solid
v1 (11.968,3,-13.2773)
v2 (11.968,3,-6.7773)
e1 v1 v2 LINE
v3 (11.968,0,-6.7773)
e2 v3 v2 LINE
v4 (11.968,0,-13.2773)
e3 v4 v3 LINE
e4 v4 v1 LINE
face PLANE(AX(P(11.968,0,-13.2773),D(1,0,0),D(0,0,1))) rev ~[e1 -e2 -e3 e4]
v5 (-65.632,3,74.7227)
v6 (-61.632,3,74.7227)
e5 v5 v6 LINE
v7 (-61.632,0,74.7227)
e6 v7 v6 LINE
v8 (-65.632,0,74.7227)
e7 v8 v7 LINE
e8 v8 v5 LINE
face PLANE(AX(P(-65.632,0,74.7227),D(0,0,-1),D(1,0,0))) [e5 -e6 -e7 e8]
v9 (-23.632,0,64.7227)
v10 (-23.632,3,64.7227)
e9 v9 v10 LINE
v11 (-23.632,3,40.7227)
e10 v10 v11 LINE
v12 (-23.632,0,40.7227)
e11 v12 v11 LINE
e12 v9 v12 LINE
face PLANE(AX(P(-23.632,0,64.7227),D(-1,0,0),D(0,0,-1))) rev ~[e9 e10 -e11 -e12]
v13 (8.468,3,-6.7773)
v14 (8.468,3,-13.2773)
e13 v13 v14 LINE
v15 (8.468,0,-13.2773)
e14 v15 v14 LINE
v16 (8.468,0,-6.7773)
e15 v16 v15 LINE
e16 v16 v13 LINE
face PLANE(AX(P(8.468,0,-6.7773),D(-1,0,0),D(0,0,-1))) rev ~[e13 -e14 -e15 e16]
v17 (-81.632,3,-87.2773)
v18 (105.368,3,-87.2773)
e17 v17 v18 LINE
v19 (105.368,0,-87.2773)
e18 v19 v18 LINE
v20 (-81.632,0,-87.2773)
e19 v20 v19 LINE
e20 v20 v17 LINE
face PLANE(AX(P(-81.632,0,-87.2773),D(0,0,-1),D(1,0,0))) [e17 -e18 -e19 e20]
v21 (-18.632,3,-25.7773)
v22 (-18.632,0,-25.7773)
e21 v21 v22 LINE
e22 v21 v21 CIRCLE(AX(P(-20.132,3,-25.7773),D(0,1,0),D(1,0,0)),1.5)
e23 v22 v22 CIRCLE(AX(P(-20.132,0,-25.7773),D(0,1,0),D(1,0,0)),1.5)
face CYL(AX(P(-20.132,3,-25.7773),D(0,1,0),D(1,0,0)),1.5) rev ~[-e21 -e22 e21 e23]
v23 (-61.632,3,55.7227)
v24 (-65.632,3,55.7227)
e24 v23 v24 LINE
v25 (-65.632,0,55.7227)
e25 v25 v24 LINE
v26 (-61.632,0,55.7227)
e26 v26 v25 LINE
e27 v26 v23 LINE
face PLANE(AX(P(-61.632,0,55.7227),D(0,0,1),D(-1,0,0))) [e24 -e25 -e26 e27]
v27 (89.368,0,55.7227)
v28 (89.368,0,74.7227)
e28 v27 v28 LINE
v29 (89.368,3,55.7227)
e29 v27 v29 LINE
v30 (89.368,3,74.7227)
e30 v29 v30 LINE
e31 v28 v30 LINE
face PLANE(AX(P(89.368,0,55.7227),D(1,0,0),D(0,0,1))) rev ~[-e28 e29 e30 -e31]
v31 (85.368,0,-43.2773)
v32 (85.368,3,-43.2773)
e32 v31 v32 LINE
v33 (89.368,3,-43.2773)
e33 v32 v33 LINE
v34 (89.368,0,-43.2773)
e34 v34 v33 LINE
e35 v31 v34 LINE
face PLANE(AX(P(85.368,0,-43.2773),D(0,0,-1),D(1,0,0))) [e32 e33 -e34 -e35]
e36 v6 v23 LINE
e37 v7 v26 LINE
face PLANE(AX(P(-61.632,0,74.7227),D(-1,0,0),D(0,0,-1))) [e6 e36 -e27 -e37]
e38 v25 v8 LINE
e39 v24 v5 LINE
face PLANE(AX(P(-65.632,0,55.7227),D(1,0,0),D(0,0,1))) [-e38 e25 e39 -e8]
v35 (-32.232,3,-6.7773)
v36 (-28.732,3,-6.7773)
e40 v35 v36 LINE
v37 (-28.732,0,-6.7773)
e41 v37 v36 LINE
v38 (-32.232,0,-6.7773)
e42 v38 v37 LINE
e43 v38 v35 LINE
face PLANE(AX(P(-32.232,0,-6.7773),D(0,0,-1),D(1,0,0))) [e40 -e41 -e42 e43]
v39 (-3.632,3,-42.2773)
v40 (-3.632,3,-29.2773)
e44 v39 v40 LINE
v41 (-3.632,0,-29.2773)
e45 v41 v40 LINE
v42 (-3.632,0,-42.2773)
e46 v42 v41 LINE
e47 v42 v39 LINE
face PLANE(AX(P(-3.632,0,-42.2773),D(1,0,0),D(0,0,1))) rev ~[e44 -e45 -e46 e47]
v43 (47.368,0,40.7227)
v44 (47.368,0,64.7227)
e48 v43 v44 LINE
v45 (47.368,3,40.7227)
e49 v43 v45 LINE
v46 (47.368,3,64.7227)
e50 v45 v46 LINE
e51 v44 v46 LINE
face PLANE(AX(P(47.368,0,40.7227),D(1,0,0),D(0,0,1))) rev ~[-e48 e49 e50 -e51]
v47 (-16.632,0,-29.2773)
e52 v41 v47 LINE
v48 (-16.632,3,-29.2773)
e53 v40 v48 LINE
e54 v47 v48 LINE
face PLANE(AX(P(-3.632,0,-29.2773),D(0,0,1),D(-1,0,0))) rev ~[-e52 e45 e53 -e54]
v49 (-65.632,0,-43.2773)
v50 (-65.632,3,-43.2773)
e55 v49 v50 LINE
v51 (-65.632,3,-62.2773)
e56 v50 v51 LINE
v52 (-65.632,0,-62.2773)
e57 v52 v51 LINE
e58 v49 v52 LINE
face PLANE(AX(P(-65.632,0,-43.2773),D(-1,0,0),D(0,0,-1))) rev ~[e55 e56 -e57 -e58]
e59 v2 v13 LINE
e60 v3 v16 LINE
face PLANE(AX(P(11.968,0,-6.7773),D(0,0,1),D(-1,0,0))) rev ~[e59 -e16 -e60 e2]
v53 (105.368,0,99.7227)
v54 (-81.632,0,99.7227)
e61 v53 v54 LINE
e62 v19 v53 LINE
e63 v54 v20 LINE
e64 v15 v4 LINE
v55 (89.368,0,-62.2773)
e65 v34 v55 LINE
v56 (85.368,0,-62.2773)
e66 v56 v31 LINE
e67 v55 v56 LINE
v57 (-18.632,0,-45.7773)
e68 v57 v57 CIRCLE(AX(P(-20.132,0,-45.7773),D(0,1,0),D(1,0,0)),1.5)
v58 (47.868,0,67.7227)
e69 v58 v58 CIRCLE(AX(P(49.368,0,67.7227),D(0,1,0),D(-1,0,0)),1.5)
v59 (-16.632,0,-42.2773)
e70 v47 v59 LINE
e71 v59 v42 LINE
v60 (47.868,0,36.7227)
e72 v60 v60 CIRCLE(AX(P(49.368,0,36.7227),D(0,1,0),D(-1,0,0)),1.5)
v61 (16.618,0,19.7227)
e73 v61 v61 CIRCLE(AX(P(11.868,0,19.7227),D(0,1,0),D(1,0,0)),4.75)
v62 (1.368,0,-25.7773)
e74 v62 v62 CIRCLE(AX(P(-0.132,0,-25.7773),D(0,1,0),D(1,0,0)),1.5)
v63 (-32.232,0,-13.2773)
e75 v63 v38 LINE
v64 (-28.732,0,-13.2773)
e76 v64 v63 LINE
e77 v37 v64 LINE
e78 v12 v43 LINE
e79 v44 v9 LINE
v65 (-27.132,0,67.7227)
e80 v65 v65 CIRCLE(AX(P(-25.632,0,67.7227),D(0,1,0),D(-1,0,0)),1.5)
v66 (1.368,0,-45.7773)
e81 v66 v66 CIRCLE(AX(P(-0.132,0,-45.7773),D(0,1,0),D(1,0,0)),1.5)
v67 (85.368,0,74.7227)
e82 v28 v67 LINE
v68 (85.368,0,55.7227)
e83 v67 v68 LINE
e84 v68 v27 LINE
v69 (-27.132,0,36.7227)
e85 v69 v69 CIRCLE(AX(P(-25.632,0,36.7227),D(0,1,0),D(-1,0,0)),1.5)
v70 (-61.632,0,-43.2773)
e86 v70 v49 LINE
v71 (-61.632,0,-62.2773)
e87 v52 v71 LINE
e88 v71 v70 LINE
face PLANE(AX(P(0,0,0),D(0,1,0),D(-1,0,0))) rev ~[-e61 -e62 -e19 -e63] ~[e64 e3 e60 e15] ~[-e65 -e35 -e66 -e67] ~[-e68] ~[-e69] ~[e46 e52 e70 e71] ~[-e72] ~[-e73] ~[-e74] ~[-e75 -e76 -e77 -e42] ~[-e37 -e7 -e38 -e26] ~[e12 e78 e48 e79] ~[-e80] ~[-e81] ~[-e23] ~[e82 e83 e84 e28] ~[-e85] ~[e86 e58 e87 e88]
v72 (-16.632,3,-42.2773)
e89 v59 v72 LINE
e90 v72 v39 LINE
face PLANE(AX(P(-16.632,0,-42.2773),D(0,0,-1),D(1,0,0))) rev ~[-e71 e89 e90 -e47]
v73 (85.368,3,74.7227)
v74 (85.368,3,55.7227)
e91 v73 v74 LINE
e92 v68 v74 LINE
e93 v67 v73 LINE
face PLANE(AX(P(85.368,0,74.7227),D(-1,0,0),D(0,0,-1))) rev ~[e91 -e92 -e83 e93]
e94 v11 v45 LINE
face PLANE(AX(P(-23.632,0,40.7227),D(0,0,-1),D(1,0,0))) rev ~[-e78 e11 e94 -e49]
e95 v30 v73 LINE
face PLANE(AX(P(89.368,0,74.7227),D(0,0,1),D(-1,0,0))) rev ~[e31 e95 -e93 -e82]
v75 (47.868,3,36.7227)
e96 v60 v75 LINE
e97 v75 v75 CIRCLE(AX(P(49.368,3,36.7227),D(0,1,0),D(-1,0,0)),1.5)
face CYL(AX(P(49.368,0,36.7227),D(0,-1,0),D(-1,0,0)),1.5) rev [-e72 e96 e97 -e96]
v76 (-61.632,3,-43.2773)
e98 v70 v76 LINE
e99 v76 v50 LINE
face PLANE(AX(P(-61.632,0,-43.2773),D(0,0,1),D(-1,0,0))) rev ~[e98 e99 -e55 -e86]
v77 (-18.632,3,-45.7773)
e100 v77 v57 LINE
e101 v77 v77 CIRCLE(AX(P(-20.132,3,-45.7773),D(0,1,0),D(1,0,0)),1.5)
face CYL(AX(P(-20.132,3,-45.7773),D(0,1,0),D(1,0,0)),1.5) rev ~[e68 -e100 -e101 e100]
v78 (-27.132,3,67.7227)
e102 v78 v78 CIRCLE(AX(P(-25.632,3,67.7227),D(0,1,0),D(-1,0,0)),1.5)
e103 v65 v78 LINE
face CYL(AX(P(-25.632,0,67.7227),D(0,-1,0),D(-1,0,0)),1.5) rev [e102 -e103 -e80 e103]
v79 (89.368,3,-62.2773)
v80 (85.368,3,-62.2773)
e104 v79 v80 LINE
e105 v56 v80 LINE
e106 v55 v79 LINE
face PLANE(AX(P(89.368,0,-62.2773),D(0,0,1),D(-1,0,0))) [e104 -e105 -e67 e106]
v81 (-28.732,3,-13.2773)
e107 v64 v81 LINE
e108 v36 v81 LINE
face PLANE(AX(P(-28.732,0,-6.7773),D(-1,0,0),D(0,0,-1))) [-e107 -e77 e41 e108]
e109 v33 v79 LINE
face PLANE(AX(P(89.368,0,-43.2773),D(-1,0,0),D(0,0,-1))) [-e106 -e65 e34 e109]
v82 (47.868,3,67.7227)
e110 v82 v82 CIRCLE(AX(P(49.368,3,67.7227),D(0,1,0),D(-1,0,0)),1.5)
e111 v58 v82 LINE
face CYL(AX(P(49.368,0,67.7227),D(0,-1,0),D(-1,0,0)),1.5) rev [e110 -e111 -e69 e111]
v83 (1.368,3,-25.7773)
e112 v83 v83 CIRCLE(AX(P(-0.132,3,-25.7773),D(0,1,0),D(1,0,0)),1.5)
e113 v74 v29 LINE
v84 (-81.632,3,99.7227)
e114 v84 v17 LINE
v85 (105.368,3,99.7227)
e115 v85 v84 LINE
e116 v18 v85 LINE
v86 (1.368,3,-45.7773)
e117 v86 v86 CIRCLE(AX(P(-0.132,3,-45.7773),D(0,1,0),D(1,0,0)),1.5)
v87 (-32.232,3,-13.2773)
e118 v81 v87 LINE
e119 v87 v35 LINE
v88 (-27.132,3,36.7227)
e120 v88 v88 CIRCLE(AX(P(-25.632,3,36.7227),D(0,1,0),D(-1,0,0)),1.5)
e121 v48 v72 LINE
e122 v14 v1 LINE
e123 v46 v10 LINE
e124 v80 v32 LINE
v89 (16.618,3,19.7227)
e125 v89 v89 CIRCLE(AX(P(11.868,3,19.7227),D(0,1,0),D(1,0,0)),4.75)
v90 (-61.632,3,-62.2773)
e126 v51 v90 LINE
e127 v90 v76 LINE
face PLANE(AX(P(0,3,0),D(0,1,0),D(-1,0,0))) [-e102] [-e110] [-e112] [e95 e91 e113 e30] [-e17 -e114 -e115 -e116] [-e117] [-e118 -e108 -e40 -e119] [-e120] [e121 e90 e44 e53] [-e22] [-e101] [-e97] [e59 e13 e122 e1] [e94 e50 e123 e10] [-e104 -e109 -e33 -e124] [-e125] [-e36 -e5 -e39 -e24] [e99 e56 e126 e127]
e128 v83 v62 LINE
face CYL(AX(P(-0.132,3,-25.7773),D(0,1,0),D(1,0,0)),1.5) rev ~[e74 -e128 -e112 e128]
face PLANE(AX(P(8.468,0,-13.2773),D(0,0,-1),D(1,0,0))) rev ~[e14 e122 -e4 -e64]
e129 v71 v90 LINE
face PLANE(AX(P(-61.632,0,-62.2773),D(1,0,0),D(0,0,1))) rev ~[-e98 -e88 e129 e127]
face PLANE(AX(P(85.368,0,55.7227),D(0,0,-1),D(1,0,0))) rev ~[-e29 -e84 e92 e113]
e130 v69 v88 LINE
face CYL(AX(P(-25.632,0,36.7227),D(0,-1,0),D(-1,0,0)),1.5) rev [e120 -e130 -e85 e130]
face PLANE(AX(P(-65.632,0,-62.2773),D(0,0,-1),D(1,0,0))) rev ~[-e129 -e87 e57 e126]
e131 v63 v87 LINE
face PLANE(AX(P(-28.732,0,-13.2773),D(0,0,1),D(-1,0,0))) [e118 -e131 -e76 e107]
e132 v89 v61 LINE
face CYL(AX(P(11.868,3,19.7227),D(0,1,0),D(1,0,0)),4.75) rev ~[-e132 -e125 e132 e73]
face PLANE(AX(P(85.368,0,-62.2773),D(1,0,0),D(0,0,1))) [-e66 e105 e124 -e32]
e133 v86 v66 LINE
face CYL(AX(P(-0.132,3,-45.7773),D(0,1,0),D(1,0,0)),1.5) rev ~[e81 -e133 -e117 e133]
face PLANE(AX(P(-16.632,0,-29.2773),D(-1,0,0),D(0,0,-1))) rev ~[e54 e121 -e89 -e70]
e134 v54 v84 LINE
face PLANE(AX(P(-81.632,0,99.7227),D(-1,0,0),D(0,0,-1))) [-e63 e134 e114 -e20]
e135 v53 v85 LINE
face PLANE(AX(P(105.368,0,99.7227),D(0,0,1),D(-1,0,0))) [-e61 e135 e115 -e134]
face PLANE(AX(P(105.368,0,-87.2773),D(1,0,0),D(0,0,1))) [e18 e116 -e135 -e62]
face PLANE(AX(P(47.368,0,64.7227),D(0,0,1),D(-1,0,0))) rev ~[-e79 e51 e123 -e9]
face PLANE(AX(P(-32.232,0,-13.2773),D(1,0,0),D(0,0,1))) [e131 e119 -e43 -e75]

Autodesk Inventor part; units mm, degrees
ref_plane "YZ Plane" through (0, 0, 0) normal (1, 0, 0) x (0, 1, 0)
ref_plane "XZ Plane" through (0, 0, 0) normal (0, 1, 0) x (-1, 0, 0)
ref_plane "XY Plane" through (0, 0, 0) normal (0, 0, 1) x (1, 0, 0)
sketch "Boceto1" plane through (0, 0, 0) normal (0, 1, 0) x (-1, 0, 0)
  line L0 (-105.368, 99.7227) -> (81.632, 99.7227)
  line L1 (81.632, 99.7227) -> (81.632, -87.2773)
  line L2 (81.632, -87.2773) -> (-105.368, -87.2773)
  line L3 (-105.368, -87.2773) -> (-105.368, 99.7227)
  line L4 (-89.368, 74.7227) -> (-85.368, 74.7227)
  line L5 (-85.368, 74.7227) -> (-85.368, 55.7227)
  line L6 (-85.368, 55.7227) -> (-89.368, 55.7227)
  line L7 (-89.368, 55.7227) -> (-89.368, 74.7227)
  line L8 (-89.368, -62.2773) -> (-85.368, -62.2773)
  line L9 (-85.368, -62.2773) -> (-85.368, -43.2773)
  line L10 (-85.368, -43.2773) -> (-89.368, -43.2773)
  line L11 (-89.368, -43.2773) -> (-89.368, -62.2773)
  line L12 (-47.368, 64.7227) -> (23.632, 64.7227)
  line L13 (23.632, 64.7227) -> (23.632, 40.7227)
  line L14 (23.632, 40.7227) -> (-47.368, 40.7227)
  line L15 (-47.368, 40.7227) -> (-47.368, 64.7227)
  circle A0 centre (-49.368, 67.7227) radius 1.5
  line L16 (-51.868, 70.2227) -> (28.132, 70.2227)
  line L17 (28.132, 70.2227) -> (28.132, 34.2227)
  line L18 (28.132, 34.2227) -> (-51.868, 34.2227)
  line L19 (-51.868, 34.2227) -> (-51.868, 70.2227)
  circle A1 centre (25.632, 67.7227) radius 1.5
  circle A2 centre (-49.368, 36.7227) radius 1.5
  circle A3 centre (25.632, 36.7227) radius 1.5
  line L20 (3.632, -29.2773) -> (16.632, -29.2773)
  line L21 (16.632, -29.2773) -> (16.632, -42.2773)
  line L22 (16.632, -42.2773) -> (3.632, -42.2773)
  line L23 (3.632, -42.2773) -> (3.632, -29.2773)
  line L24 (-11.968, -6.7773) -> (-8.468, -6.7773)
  line L25 (-8.468, -6.7773) -> (-8.468, -13.2773)
  line L26 (-8.468, -13.2773) -> (-11.968, -13.2773)
  line L27 (-11.968, -13.2773) -> (-11.968, -6.7773)
  line L28 (32.232, -6.7773) -> (28.732, -6.7773)
  line L29 (28.732, -6.7773) -> (28.732, -13.2773)
  line L30 (28.732, -13.2773) -> (32.232, -13.2773)
  line L31 (32.232, -13.2773) -> (32.232, -6.7773)
  line L32 (65.632, 74.7227) -> (61.632, 74.7227)
  line L33 (61.632, 74.7227) -> (61.632, 55.7227)
  line L34 (61.632, 55.7227) -> (65.632, 55.7227)
  line L35 (65.632, 55.7227) -> (65.632, 74.7227)
  line L36 (65.632, -43.2773) -> (65.632, -62.2773)
  line L37 (65.632, -62.2773) -> (61.632, -62.2773)
  line L38 (61.632, -62.2773) -> (61.632, -43.2773)
  line L39 (61.632, -43.2773) -> (65.632, -43.2773)
  point P0 (0, 0)
  dimension "d0" = 187
  dimension "d1" = 187
  dimension "d2" = 16
  dimension "d3" = 25
  dimension "d4" = 19
  dimension "d5" = 4
  dimension "d7" = 71
  dimension "d8" = 58
  dimension "d10" = 3
  dimension "d11" = 36
  dimension "d12" = 80
  dimension "d13" = 4.5
  dimension "d14" = 5.5
  dimension "d15" = 2.5
  dimension "d16" = 2.5
  dimension "d17" = 35
  dimension "d26" = 16
  dimension "d27" = 25
  dimension "d28" = 4
  dimension "d29" = 19
  dimension "d30" = 2.5
  dimension "d31" = 2.5
  dimension "d32" = 2.5
  dimension "d33" = 2.5
  dimension "d34" = 2.5
  dimension "d35" = 2.5
  dimension "d36" = 13
  dimension "d37" = 13
  dimension "d38" = 65
  dimension "d39" = 45
  dimension "d40" = 6.5
  dimension "d41" = 3.5
  dimension "d42" = 29
  dimension "d45" = 29
  dimension "d46" = 3.5
  dimension "d47" = 6.5
  dimension "d48" = 16
  dimension "d49" = 19
  dimension "d50" = 4
  dimension "d51" = 25
  dimension "d52" = 16
  dimension "d53" = 4
  dimension "d54" = 19
  dimension "d55" = 25
  dimension "d72" = 37.2
  dimension "d73" = 12.1
  dimension "d74" = 24
extrude "Extrusión1" add sketch "Boceto1" along normal blind 3 contours L0 L1 L2 L3 | L16 L17 L18 L19
sketch "Boceto2" plane through (0, 3, 0) normal (0, 1, 0) x (1, 0, 0)
  line L0 (-16.632, 29.2773) -> (-16.632, 42.2773) projected
  line L1 (-16.632, 42.2773) -> (-3.632, 42.2773) projected
  line L2 (-3.632, 42.2773) -> (-3.632, 29.2773) projected
  line L3 (-3.632, 29.2773) -> (-16.632, 29.2773) projected
  line L4 (3.368, 22.2773) -> (-23.632, 22.2773)
  line L5 (-23.632, 22.2773) -> (-23.632, 49.2773)
  line L6 (-23.632, 49.2773) -> (3.368, 49.2773)
  line L7 (3.368, 49.2773) -> (3.368, 22.2773)
  circle A0 centre (-0.132, 25.7773) radius 1.5
  line L8 (-10.132, 22.2773) -> (-10.132, 49.2773)
  line L9 (3.368, 35.7773) -> (-23.632, 35.7773)
  circle A1 centre (-20.132, 25.7773) radius 1.5
  circle A2 centre (-0.132, 45.7773) radius 1.5
  circle A3 centre (-20.132, 45.7773) radius 1.5
  point P0 (0, 0)
  dimension "d58" = 7
  dimension "d59" = 7
  dimension "d60" = 7
  dimension "d61" = 7
  dimension "d62" = 3
  dimension "d63" = 3.5
  dimension "d64" = 3.5
  dimension "d75" = 3.5
extrude "Extrusión2" cut sketch "Boceto2" against normal through all contours A0 | A1 | A2 | A3
sketch "Boceto3" plane through (0, 3, 0) normal (0, 1, 0) x (1, 0, 0)
  line L0 (-81.632, -99.7227) -> (105.368, -99.7227) projected
  line L1 (-81.632, 87.2773) -> (-81.632, -99.7227) projected
  circle A0 centre (11.868, -19.7227) radius 4.75
  point P0 (0, 0)
  dimension "d67" = 9.5
  dimension "d68" = 93.5
  dimension "d69" = 80
extrude "Extrusión3" cut sketch "Boceto3" against normal through all
properties part number "Tapa final"
